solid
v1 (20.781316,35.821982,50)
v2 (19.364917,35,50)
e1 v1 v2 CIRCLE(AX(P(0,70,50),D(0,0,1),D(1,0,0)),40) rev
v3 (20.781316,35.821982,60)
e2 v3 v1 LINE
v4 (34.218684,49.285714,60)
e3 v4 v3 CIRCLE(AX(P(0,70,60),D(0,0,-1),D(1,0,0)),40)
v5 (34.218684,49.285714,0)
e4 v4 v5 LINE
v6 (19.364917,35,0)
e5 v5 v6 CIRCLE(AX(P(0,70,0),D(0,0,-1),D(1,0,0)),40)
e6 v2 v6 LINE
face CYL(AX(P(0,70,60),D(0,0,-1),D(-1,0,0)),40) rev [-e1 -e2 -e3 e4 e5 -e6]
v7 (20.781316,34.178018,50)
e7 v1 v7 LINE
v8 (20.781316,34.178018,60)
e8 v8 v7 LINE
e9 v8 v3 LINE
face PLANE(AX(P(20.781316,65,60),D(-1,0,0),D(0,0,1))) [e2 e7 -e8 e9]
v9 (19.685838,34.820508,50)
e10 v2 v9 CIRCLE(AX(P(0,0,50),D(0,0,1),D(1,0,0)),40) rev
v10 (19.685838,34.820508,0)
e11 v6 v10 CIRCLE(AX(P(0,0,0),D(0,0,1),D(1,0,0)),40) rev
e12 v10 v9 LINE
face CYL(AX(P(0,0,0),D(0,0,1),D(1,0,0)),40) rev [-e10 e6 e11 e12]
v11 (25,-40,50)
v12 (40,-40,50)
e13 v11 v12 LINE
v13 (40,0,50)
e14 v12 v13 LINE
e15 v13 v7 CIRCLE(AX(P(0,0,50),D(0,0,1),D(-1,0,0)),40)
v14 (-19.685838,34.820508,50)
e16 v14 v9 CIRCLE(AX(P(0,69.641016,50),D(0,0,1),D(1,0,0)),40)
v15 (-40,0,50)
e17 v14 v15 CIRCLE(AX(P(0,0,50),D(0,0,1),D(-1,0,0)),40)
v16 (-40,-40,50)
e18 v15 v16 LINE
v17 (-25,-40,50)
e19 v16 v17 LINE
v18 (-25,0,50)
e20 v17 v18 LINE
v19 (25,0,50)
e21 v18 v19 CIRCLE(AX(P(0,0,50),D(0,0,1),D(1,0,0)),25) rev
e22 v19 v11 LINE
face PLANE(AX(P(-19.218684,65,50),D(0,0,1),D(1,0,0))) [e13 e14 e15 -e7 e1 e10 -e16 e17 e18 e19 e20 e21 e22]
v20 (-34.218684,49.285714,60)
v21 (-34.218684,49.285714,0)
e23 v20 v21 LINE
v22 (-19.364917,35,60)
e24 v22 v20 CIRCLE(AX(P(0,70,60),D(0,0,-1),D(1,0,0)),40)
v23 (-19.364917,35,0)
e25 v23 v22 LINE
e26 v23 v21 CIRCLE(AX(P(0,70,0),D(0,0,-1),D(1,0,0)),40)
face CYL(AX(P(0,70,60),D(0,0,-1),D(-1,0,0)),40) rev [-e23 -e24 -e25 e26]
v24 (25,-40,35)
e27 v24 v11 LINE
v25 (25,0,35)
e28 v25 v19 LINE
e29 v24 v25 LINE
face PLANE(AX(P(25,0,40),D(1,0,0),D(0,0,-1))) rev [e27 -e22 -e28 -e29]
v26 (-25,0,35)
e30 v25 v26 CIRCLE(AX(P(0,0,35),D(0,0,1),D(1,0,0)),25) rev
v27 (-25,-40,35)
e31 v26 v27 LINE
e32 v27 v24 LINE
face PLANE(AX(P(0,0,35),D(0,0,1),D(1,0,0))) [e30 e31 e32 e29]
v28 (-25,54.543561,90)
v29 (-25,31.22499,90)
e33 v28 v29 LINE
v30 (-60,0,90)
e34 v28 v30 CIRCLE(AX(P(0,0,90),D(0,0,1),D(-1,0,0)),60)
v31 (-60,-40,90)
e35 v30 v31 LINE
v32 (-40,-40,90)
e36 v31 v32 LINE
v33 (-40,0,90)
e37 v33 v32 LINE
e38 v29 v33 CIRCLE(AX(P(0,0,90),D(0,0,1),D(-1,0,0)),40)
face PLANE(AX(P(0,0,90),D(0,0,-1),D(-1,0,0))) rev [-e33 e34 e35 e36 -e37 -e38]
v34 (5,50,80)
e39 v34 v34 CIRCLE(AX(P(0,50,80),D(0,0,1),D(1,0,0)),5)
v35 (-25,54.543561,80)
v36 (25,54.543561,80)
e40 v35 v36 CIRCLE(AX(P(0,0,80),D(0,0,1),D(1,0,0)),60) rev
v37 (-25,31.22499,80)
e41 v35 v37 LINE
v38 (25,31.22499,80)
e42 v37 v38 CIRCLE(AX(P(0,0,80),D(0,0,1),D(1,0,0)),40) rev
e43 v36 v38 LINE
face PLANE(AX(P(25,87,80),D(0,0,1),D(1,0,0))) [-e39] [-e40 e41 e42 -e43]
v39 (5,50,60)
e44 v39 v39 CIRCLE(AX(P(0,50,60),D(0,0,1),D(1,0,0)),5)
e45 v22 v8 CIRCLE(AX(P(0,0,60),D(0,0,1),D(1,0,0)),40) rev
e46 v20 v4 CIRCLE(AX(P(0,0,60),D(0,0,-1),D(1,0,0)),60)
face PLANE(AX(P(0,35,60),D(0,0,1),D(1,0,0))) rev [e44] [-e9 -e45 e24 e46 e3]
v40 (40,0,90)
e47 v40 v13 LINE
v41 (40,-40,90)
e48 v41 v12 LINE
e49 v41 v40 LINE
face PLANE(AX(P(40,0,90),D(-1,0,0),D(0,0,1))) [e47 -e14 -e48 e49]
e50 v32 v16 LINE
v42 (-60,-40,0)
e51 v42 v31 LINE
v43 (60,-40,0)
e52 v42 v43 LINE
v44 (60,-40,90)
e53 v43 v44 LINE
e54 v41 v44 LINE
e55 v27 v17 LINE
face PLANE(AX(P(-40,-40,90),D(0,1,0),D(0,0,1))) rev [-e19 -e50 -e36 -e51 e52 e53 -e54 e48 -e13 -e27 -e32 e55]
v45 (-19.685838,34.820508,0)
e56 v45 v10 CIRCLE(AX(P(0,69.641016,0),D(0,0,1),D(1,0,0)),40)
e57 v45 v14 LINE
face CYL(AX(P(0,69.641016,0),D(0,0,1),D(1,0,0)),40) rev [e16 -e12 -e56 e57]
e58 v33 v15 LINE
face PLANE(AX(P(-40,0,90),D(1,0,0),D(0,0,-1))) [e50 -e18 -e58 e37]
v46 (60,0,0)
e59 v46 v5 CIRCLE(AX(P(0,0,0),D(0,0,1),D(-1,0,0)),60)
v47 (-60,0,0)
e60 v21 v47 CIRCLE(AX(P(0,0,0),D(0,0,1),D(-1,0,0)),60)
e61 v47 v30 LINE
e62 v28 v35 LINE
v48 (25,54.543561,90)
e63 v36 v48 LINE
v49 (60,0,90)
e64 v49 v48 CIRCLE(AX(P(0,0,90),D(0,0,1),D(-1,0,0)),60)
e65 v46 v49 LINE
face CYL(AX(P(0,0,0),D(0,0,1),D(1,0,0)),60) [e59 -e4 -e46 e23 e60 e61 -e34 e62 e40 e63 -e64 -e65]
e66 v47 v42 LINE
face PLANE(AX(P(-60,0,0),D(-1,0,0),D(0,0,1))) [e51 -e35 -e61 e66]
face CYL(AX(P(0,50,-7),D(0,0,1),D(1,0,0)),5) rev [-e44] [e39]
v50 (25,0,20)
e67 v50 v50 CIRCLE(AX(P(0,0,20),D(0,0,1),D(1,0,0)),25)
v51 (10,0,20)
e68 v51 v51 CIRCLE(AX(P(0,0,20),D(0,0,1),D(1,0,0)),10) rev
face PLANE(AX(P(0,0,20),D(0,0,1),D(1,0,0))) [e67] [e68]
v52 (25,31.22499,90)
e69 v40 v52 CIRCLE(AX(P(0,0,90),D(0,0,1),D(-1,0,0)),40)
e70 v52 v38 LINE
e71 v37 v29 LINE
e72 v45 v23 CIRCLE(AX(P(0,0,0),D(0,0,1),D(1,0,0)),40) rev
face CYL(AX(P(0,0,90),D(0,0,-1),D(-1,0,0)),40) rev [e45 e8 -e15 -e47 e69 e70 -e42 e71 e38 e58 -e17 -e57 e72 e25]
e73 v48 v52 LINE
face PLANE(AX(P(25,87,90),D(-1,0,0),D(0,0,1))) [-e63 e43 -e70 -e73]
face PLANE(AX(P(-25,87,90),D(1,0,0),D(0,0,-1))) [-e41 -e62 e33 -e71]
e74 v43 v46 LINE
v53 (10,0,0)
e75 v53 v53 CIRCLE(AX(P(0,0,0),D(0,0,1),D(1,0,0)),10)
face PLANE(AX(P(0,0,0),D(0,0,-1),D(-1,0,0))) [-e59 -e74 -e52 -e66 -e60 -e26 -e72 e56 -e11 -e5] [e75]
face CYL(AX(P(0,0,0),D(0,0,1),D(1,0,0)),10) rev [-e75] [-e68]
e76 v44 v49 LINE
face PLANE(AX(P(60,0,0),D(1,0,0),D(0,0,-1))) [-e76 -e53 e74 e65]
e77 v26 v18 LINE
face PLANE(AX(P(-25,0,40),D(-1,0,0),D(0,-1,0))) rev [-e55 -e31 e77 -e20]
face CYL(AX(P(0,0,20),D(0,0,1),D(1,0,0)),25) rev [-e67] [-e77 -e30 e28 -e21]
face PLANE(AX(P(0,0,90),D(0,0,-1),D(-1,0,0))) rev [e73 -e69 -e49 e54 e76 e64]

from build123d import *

# Parameters (mm, degrees)
BOSS_EXTRUDE1_DEPTH      = 90
SKETCH3_R                = 10
CUT_EXTRUDE2_DEPTH       = 90
SKETCH6_R                = 10
BOSS_EXTRUDE2_DEPTH      = 90
SKETCH7_R                = 5
CUT_EXTRUDE3_DEPTH       = 90
CUT_EXTRUDE4_DEPTH       = 60
CUT_EXTRUDE5_DEPTH       = 60
BOSS_EXTRUDE3_DEPTH      = 10
BOSS_EXTRUDE4_DEPTH      = 55
CUT_EXTRUDE6_DEPTH       = 40
CUT_EXTRUDE7_DEPTH       = 106
SKETCH16_R               = 5
CUT_EXTRUDE8_DEPTH       = 106
CUT_EXTRUDE9_DEPTH       = 70
SKETCH18_R               = 5
BOSS_EXTRUDE6_DEPTH      = 15
CUT_EXTRUDE18_DEPTH      = 40
SKETCH22_W               = 40
SKETCH22_H               = 41.844000914
CUT_EXTRUDE19_DEPTH      = 20
SKETCH23_W               = 40
SKETCH23_H               = 40.367693543
CUT_EXTRUDE20_DEPTH      = 20
SKETCH25_R               = 25
BOSS_EXTRUDE7_DEPTH      = 40
SKETCH26_R               = 25
CUT_EXTRUDE21_DEPTH      = 10
CUT_EXTRUDE22_DEPTH      = 34
SKETCH28_R               = 25
CUT_EXTRUDE24_DEPTH      = 60
BOSS_EXTRUDE10_DEPTH     = 15
BOSS_EXTRUDE11_DEPTH     = 30
CUT_EXTRUDE28_DEPTH      = 209.999
BOSS_EXTRUDE12_DEPTH     = 30
SKETCH36_W               = 50
SKETCH36_H               = 10
CUT_EXTRUDE29_DEPTH      = 87
SKETCH38_R               = 5
CUT_EXTRUDE30_DEPTH      = 87
SKETCH39_R               = 10
BOSS_EXTRUDE14_DEPTH     = 60
SKETCH40_R               = 10
CUT_EXTRUDE31_DEPTH      = 40
CUT_EXTRUDE32_DEPTH      = 20
SKETCH47_W               = 40
SKETCH47_H               = 10
CUT_EXTRUDE34_DEPTH      = 65
BOSS_EXTRUDE23_DEPTH     = 20
SKETCH49_R               = 10
CUT_EXTRUDE35_DEPTH      = 20
SKETCH50_R               = 25
CUT_EXTRUDE36_DEPTH      = 60
CUT_EXTRUDE39_DEPTH      = 40
CUT_EXTRUDE41_DEPTH      = 4574
BOSS_EXTRUDE24_DEPTH     = 20
CUT_EXTRUDE43_DEPTH      = 11
CUT_EXTRUDE43_DEPTH_BACK = 81
CUT_EXTRUDE47_DEPTH      = 30
CUT_EXTRUDE48_DEPTH      = 5


with BuildPart() as part:
    # Sketch1 → Boss-Extrude1 (new body)
    with BuildSketch(Plane.XY):
        with BuildLine():
            Line((-40, 0), (-40, -40))
            Line((-40, -40), (40, -40))
            Line((40, -40), (40, 0))
            ThreePointArc((40, 0), (0, 40), (-40, 0))
        make_face()
    extrude(amount=BOSS_EXTRUDE1_DEPTH)

    # Sketch3 → Cut-Extrude2 (cut)
    with BuildSketch(Plane.XY.offset(90)):
        Circle(SKETCH3_R)
    extrude(amount=-CUT_EXTRUDE2_DEPTH, mode=Mode.SUBTRACT)

    # Sketch6 → Boss-Extrude2 (add)
    with BuildSketch(Plane.XY.offset(90)):
        with BuildLine():
            Line((-60, 0), (-60, -40))
            Line((-60, -40), (60, -40))
            Line((60, -40), (60, 0))
            ThreePointArc((60, 0), (0, 60), (-60, 0))
        make_face()
        Circle(SKETCH6_R, mode=Mode.SUBTRACT)
    extrude(amount=-BOSS_EXTRUDE2_DEPTH)

    # Sketch7 → Cut-Extrude3 (cut)
    with BuildSketch(Plane.XY.offset(90)):
        with Locations((0, 50)):
            Circle(SKETCH7_R)
    extrude(amount=-CUT_EXTRUDE3_DEPTH, mode=Mode.SUBTRACT)

    # Sketch8 → Cut-Extrude4 (cut)
    with BuildSketch(Plane(origin=(0, 0, 0), x_dir=(-1, 0, 0), z_dir=(0, 0, -1))):
        with BuildLine():
            ThreePointArc((34.218684477, 49.285714286), (0, 30), (-34.218684477, 49.285714286))
            ThreePointArc((-34.218684477, 49.285714286), (0, 60), (34.218684477, 49.285714286))
        make_face()
    extrude(amount=-CUT_EXTRUDE4_DEPTH, mode=Mode.SUBTRACT)

    # Sketch10 → Cut-Extrude5 (cut)
    with BuildSketch(Plane.XY.offset(50)):
        with BuildLine():
            Line((-25, 54.543560573), (-25, 32))
            ThreePointArc((-25, 32), (0, 40.607881008), (25, 32))
            Line((25, 32), (25, 54.543560573))
            ThreePointArc((25, 54.543560573), (0, 60), (-25, 54.543560573))
        make_face()
    extrude(amount=CUT_EXTRUDE5_DEPTH, mode=Mode.SUBTRACT)

    # Sketch12 → Boss-Extrude3 (add)
    with BuildSketch(Plane.XY.offset(50)):
        with BuildLine():
            ThreePointArc((25, 38.775010008), (22.557314587, 36.967174529), (19.98443144, 35.35))
            Line((19.98443144, 35.35), (25, 32))
            Line((25, 32), (25, 38.775010008))
        make_face()
        with BuildLine():
            ThreePointArc((-19.98443144, 35.35), (-22.557314587, 36.967174529), (-25, 38.775010008))
            Line((-25, 38.775010008), (-25, 32))
            Line((-25, 32), (-19.98443144, 35.35))
        make_face()
    extrude(amount=BOSS_EXTRUDE3_DEPTH)

    # Sketch13 → Boss-Extrude4 (add)
    with BuildSketch(Plane.XY.offset(90)):
        with BuildLine():
            ThreePointArc((-25, 54.543560573), (0, 60), (25, 54.543560573))
            Line((25, 54.543560573), (25, 32))
            ThreePointArc((25, 32), (0, 40.607881008), (-25, 32))
            Line((-25, 32), (-25, 54.543560573))
        make_face()
    extrude(amount=-BOSS_EXTRUDE4_DEPTH)

    # Sketch14 → Cut-Extrude6 (cut)
    with BuildSketch(Plane.XY.offset(90)):
        with BuildLine():
            Line((-25, 54.543560573), (-25, 32))
            ThreePointArc((-25, 32), (0, 40.607881008), (25, 32))
            Line((25, 32), (25, 54.543560573))
            ThreePointArc((25, 54.543560573), (0, 60), (-25, 54.543560573))
        make_face()
    extrude(amount=-CUT_EXTRUDE6_DEPTH, mode=Mode.SUBTRACT)

    # Sketch15 → Cut-Extrude7 (cut)
    with BuildSketch(Plane(origin=(0, 0, 35), x_dir=(-1, 0, 0), z_dir=(0, 0, -1))):
        with BuildLine():
            ThreePointArc((-19.98443144, 35.35), (0, 40.607881008), (19.98443144, 35.35))
            ThreePointArc((19.98443144, 35.35), (0, 30), (-19.98443144, 35.35))
        make_face()
    extrude(amount=-CUT_EXTRUDE7_DEPTH, mode=Mode.SUBTRACT)

    # Sketch16 → Cut-Extrude8 (cut)
    with BuildSketch(Plane.XY.offset(50)):
        with Locations((0, 50)):
            Circle(SKETCH16_R)
    extrude(amount=-CUT_EXTRUDE8_DEPTH, mode=Mode.SUBTRACT)

    # Sketch17 → Cut-Extrude9 (cut)
    with BuildSketch(Plane.XY.offset(90)):
        with BuildLine():
            Line((-25, 0), (-25, -40))
            Line((-25, -40), (25, -40))
            Line((25, -40), (25, 0))
            ThreePointArc((25, 0), (0, 25), (-25, 0))
        make_face()
    extrude(amount=-CUT_EXTRUDE9_DEPTH, mode=Mode.SUBTRACT)

    # Sketch18 → Boss-Extrude6 (add)
    with BuildSketch(Plane.XY.offset(50)):
        with Locations((0, 50)):
            Circle(SKETCH18_R)
    extrude(amount=-BOSS_EXTRUDE6_DEPTH)

    # Sketch19 → Cut-Extrude18 (cut)
    with BuildSketch(Plane.XY.offset(50)):
        with BuildLine():
            Line((-40, 0), (-40, -40))
            Line((-40, -40), (40, -40))
            Line((40, -40), (40, 0))
            ThreePointArc((40, 0), (0, 40), (-40, 0))
        make_face()
    extrude(amount=CUT_EXTRUDE18_DEPTH, mode=Mode.SUBTRACT)

    # Sketch22 → Cut-Extrude19 (cut)
    with BuildSketch(Plane(origin=(-25, 0, 0), x_dir=(0, 0, -1), z_dir=(1, 0, 0))):
        with Locations((-70, 33.621560116)):
            Rectangle(SKETCH22_W, SKETCH22_H)
    extrude(amount=CUT_EXTRUDE19_DEPTH, mode=Mode.SUBTRACT)

    # Sketch23 → Cut-Extrude20 (cut)
    with BuildSketch(Plane.ZY.offset(-25)):
        with Locations((70, 34.359713801)):
            Rectangle(SKETCH23_W, SKETCH23_H)
    extrude(amount=CUT_EXTRUDE20_DEPTH, mode=Mode.SUBTRACT)

    # Sketch27 → Cut-Extrude22 (cut)
    with BuildSketch(Plane(origin=(0, 0, 35), x_dir=(-1, 0, 0), z_dir=(0, 0, -1))):
        with BuildLine():
            Line((-25, 54.543560573), (-25, 38.775010008))
            ThreePointArc((-25, 38.775010008), (-22.557314587, 36.967174529), (-19.98443144, 35.35))
            ThreePointArc((-19.98443144, 35.35), (0, 40.607881008), (19.98443144, 35.35))
            ThreePointArc((19.98443144, 35.35), (22.557314587, 36.967174529), (25, 38.775010008))
            Line((25, 38.775010008), (25, 54.543560573))
            ThreePointArc((25, 54.543560573), (0, 60), (-25, 54.543560573))
        make_face()
    extrude(amount=-CUT_EXTRUDE22_DEPTH, mode=Mode.SUBTRACT)

    # Sketch32 → Boss-Extrude10 (add)
    with BuildSketch(Plane.XY.offset(20)):
        with BuildLine():
            ThreePointArc((25, 0), (0, -25), (-25, 0))
            Line((-25, 0), (-25, -40))
            Line((-25, -40), (25, -40))
            Line((25, -40), (25, 0))
        make_face()
    extrude(amount=BOSS_EXTRUDE10_DEPTH)

    # Sketch33 → Boss-Extrude11 (add)
    with BuildSketch(Plane.XY.offset(90)):
        with BuildLine():
            Line((-25, 31.224989992), (-25, 54.543560573))
            ThreePointArc((-25, 54.543560573), (0, 60), (25, 54.543560573))
            Line((25, 54.543560573), (25, 31.224989992))
            ThreePointArc((25, 31.224989992), (0, 40), (-25, 31.224989992))
        make_face()
    extrude(amount=-BOSS_EXTRUDE11_DEPTH)

    # Sketch34 → Cut-Extrude28 (cut)
    with BuildSketch(Plane.XY.offset(50)):
        with BuildLine():
            Line((-25, 38.775010008), (-25, 31.224989992))
            ThreePointArc((-25, 31.224989992), (-22.262617418, 33.232151085), (-19.364916731, 35))
            ThreePointArc((-19.364916731, 35), (-22.262617418, 36.767848915), (-25, 38.775010008))
        make_face()
    extrude(amount=CUT_EXTRUDE28_DEPTH, mode=Mode.SUBTRACT)

    # Sketch35 → Boss-Extrude12 (add)
    with BuildSketch(Plane.XY.offset(90)):
        with BuildLine():
            Line((-25, 31.224989992), (-25, 38.775010008))
            ThreePointArc((-25, 38.775010008), (-22.262617418, 36.767848915), (-19.364916731, 35))
            ThreePointArc((-19.364916731, 35), (-22.262617418, 33.232151085), (-25, 31.224989992))
        make_face()
    extrude(amount=-BOSS_EXTRUDE12_DEPTH)

    # Sketch36 → Cut-Extrude29 (cut)
    with BuildSketch(Plane(origin=(0, 0, 0), x_dir=(1, 0, 0), z_dir=(0, 1, 0))):
        with Locations((0, -85)):
            Rectangle(SKETCH36_W, SKETCH36_H)
    extrude(amount=CUT_EXTRUDE29_DEPTH, mode=Mode.SUBTRACT)

    # Sketch38 → Cut-Extrude30 (cut)
    with BuildSketch(Plane.XY.offset(80)):
        with Locations((0, 50)):
            Circle(SKETCH38_R)
    extrude(amount=-CUT_EXTRUDE30_DEPTH, mode=Mode.SUBTRACT)

    # Sketch39 → Boss-Extrude14 (add)
    with BuildSketch(Plane(origin=(0, 0, 0), x_dir=(-1, 0, 0), z_dir=(0, 0, -1))):
        with BuildLine():
            Line((-60, 0), (-60, -40))
            Line((-60, -40), (60, -40))
            Line((60, -40), (60, 0))
            ThreePointArc((60, 0), (53.165407309, 27.810779667), (34.218684477, 49.285714286))
            ThreePointArc((34.218684477, 49.285714286), (0, 30), (-34.218684477, 49.285714286))
            ThreePointArc((-34.218684477, 49.285714286), (-53.165407309, 27.810779667), (-60, 0))
        make_face()
        Circle(SKETCH39_R, mode=Mode.SUBTRACT)
    extrude(amount=-BOSS_EXTRUDE14_DEPTH)

    # Sketch40 → Cut-Extrude31 (cut)
    with BuildSketch(Plane.XY.offset(60)):
        with BuildLine():
            ThreePointArc((25, 0), (0, 25), (-25, 0))
            ThreePointArc((-25, 0), (0, -25), (25, 0))
        make_face()
        Circle(SKETCH40_R, mode=Mode.SUBTRACT)
    extrude(amount=-CUT_EXTRUDE31_DEPTH, mode=Mode.SUBTRACT)

    # Sketch41 → Cut-Extrude32 (cut)
    with BuildSketch(Plane.XY.offset(60)):
        with BuildLine():
            Line((-25, 0), (-25, -40))
            Line((-25, -40), (25, -40))
            Line((25, -40), (25, 0))
            ThreePointArc((25, 0), (0, -25), (-25, 0))
        make_face()
    extrude(amount=-CUT_EXTRUDE32_DEPTH, mode=Mode.SUBTRACT)

    # Sketch47 → Cut-Extrude34 (cut)
    with BuildSketch(Plane(origin=(0, 0, 0), x_dir=(1, 0, 0), z_dir=(0, 1, 0))):
        with Locations((0.781315523, -55)):
            Rectangle(SKETCH47_W, SKETCH47_H)
    extrude(amount=CUT_EXTRUDE34_DEPTH, mode=Mode.SUBTRACT)

    # Sketch48 → Boss-Extrude23 (add)
    with BuildSketch(Plane.XY.offset(60)):
        with BuildLine():
            Line((-40, 0), (-40, -40))
            Line((-40, -40), (40, -40))
            Line((40, -40), (40, 0))
            ThreePointArc((40, 0), (0, 40), (-40, 0))
        make_face()
    extrude(amount=BOSS_EXTRUDE23_DEPTH)

    # Sketch49 → Cut-Extrude35 (cut)
    with BuildSketch(Plane(origin=(0, 0, 60), x_dir=(-1, 0, 0), z_dir=(0, 0, -1))):
        Circle(SKETCH49_R)
    extrude(amount=-CUT_EXTRUDE35_DEPTH, mode=Mode.SUBTRACT)

    # Sketch50 → Cut-Extrude36 (cut)
    with BuildSketch(Plane.XY.offset(80)):
        Circle(SKETCH50_R)
    extrude(amount=-CUT_EXTRUDE36_DEPTH, mode=Mode.SUBTRACT)

    # Sketch51 → Cut-Extrude39 (cut)
    with BuildSketch(Plane.XY.offset(80)):
        with BuildLine():
            Line((-25, 0), (-25, -40))
            Line((-25, -40), (25, -40))
            Line((25, -40), (25, 0))
            ThreePointArc((25, 0), (0, -25), (-25, 0))
        make_face()
    extrude(amount=-CUT_EXTRUDE39_DEPTH, mode=Mode.SUBTRACT)

    # Sketch53 → Cut-Extrude41 (cut)
    with BuildSketch(Plane.XY.offset(50)):
        with BuildLine():
            Line((-19.218684477, 34.919490212), (-19.218684477, 15.988813807))
            ThreePointArc((-19.218684477, 15.988813807), (1.305368543, 24.965896999), (20.781315523, 13.897371159))
            Line((20.781315523, 13.897371159), (20.781315523, 35.821981843))
            ThreePointArc((20.781315523, 35.821981843), (0.902262009, 30.010177254), (-19.218684477, 34.919490212))
        make_face()
    extrude(amount=CUT_EXTRUDE41_DEPTH, mode=Mode.SUBTRACT)

    # Sketch54 → Boss-Extrude24 (add)
    with BuildSketch(Plane.XY.offset(80)):
        with BuildLine():
            Line((-19.218684477, 34.919490212), (-19.218684477, 15.988813807))
            ThreePointArc((-19.218684477, 15.988813807), (1.305368543, 24.965896999), (20.781315523, 13.897371159))
            Line((20.781315523, 13.897371159), (20.781315523, 35.821981843))
            ThreePointArc((20.781315523, 35.821981843), (0.902262009, 30.010177254), (-19.218684477, 34.919490212))
        make_face()
        with BuildLine():
            Line((-25, 31.224989992), (-25, 0))
            ThreePointArc((-25, 0), (-23.510286174, 8.500967241), (-19.218684477, 15.988813807))
            Line((-19.218684477, 15.988813807), (-19.218684477, 34.919490212))
            ThreePointArc((-19.218684477, 34.919490212), (0.902262009, 30.010177254), (20.781315523, 35.821981843))
            Line((20.781315523, 35.821981843), (20.781315523, 13.897371159))
            ThreePointArc((20.781315523, 13.897371159), (23.86879169, 7.43510479), (24.997369654, 0.362643585))
            Line((24.997369654, 0.362643585), (25, 39.634007744))
            Line((25, 39.634007744), (-25, 39.634007744))
            Line((-25, 39.634007744), (-25, 31.224989992))
        make_face()
    extrude(amount=-BOSS_EXTRUDE24_DEPTH)

    # Sketch55 → Cut-Extrude43 (cut, two sides)
    with BuildSketch(Plane.XY.offset(80)) as cut_extrude43_sk:
        with BuildLine():
            ThreePointArc((19.68583799, 34.820508076), (0, 40), (-19.68583799, 34.820508076))
            ThreePointArc((-19.68583799, 34.820508076), (0, 29.641016151), (19.68583799, 34.820508076))
        make_face()
    extrude(amount=CUT_EXTRUDE43_DEPTH, mode=Mode.SUBTRACT)
    extrude(cut_extrude43_sk.sketch, amount=-CUT_EXTRUDE43_DEPTH_BACK, mode=Mode.SUBTRACT)

    # Sketch57 → Cut-Extrude47 (cut)
    with BuildSketch(Plane.XY.offset(80)):
        with BuildLine():
            Line((-40, 0), (-40, -40))
            Line((-40, -40), (-25, -40))
            Line((-25, -40), (-25, 0))
            ThreePointArc((-25, 0), (0, 25), (25, 0))
            Line((25, 0), (25, -40))
            Line((25, -40), (40, -40))
            Line((40, -40), (40, 0))
            ThreePointArc((40, 0), (0, 40), (-40, 0))
        make_face()
    extrude(amount=-CUT_EXTRUDE47_DEPTH, mode=Mode.SUBTRACT)

    # Sketch60 → Cut-Extrude48 (cut)
    with BuildSketch(Plane.XY.offset(40)):
        with BuildLine():
            Line((25, -40), (25, 0))
            ThreePointArc((25, 0), (0, -25), (-25, 0))
            Line((-25, 0), (-25, -40))
            Line((-25, -40), (25, -40))
        make_face()
    extrude(amount=-CUT_EXTRUDE48_DEPTH, mode=Mode.SUBTRACT)


with BuildPart() as body_2:
    # Sketch25 → Boss-Extrude7 (new body)
    with BuildSketch(Plane.XY.offset(90)):
        Circle(SKETCH25_R)
    extrude(amount=-BOSS_EXTRUDE7_DEPTH)

    # Sketch26 → Cut-Extrude21 (cut)
    with BuildSketch(Plane.XY.offset(90)):
        Circle(SKETCH26_R)
    extrude(amount=-CUT_EXTRUDE21_DEPTH, mode=Mode.SUBTRACT)

    # Sketch28 → Cut-Extrude24 (cut)
    with BuildSketch(Plane.XY.offset(80)):
        Circle(SKETCH28_R)
    extrude(amount=-CUT_EXTRUDE24_DEPTH, mode=Mode.SUBTRACT)


solid = part.part
